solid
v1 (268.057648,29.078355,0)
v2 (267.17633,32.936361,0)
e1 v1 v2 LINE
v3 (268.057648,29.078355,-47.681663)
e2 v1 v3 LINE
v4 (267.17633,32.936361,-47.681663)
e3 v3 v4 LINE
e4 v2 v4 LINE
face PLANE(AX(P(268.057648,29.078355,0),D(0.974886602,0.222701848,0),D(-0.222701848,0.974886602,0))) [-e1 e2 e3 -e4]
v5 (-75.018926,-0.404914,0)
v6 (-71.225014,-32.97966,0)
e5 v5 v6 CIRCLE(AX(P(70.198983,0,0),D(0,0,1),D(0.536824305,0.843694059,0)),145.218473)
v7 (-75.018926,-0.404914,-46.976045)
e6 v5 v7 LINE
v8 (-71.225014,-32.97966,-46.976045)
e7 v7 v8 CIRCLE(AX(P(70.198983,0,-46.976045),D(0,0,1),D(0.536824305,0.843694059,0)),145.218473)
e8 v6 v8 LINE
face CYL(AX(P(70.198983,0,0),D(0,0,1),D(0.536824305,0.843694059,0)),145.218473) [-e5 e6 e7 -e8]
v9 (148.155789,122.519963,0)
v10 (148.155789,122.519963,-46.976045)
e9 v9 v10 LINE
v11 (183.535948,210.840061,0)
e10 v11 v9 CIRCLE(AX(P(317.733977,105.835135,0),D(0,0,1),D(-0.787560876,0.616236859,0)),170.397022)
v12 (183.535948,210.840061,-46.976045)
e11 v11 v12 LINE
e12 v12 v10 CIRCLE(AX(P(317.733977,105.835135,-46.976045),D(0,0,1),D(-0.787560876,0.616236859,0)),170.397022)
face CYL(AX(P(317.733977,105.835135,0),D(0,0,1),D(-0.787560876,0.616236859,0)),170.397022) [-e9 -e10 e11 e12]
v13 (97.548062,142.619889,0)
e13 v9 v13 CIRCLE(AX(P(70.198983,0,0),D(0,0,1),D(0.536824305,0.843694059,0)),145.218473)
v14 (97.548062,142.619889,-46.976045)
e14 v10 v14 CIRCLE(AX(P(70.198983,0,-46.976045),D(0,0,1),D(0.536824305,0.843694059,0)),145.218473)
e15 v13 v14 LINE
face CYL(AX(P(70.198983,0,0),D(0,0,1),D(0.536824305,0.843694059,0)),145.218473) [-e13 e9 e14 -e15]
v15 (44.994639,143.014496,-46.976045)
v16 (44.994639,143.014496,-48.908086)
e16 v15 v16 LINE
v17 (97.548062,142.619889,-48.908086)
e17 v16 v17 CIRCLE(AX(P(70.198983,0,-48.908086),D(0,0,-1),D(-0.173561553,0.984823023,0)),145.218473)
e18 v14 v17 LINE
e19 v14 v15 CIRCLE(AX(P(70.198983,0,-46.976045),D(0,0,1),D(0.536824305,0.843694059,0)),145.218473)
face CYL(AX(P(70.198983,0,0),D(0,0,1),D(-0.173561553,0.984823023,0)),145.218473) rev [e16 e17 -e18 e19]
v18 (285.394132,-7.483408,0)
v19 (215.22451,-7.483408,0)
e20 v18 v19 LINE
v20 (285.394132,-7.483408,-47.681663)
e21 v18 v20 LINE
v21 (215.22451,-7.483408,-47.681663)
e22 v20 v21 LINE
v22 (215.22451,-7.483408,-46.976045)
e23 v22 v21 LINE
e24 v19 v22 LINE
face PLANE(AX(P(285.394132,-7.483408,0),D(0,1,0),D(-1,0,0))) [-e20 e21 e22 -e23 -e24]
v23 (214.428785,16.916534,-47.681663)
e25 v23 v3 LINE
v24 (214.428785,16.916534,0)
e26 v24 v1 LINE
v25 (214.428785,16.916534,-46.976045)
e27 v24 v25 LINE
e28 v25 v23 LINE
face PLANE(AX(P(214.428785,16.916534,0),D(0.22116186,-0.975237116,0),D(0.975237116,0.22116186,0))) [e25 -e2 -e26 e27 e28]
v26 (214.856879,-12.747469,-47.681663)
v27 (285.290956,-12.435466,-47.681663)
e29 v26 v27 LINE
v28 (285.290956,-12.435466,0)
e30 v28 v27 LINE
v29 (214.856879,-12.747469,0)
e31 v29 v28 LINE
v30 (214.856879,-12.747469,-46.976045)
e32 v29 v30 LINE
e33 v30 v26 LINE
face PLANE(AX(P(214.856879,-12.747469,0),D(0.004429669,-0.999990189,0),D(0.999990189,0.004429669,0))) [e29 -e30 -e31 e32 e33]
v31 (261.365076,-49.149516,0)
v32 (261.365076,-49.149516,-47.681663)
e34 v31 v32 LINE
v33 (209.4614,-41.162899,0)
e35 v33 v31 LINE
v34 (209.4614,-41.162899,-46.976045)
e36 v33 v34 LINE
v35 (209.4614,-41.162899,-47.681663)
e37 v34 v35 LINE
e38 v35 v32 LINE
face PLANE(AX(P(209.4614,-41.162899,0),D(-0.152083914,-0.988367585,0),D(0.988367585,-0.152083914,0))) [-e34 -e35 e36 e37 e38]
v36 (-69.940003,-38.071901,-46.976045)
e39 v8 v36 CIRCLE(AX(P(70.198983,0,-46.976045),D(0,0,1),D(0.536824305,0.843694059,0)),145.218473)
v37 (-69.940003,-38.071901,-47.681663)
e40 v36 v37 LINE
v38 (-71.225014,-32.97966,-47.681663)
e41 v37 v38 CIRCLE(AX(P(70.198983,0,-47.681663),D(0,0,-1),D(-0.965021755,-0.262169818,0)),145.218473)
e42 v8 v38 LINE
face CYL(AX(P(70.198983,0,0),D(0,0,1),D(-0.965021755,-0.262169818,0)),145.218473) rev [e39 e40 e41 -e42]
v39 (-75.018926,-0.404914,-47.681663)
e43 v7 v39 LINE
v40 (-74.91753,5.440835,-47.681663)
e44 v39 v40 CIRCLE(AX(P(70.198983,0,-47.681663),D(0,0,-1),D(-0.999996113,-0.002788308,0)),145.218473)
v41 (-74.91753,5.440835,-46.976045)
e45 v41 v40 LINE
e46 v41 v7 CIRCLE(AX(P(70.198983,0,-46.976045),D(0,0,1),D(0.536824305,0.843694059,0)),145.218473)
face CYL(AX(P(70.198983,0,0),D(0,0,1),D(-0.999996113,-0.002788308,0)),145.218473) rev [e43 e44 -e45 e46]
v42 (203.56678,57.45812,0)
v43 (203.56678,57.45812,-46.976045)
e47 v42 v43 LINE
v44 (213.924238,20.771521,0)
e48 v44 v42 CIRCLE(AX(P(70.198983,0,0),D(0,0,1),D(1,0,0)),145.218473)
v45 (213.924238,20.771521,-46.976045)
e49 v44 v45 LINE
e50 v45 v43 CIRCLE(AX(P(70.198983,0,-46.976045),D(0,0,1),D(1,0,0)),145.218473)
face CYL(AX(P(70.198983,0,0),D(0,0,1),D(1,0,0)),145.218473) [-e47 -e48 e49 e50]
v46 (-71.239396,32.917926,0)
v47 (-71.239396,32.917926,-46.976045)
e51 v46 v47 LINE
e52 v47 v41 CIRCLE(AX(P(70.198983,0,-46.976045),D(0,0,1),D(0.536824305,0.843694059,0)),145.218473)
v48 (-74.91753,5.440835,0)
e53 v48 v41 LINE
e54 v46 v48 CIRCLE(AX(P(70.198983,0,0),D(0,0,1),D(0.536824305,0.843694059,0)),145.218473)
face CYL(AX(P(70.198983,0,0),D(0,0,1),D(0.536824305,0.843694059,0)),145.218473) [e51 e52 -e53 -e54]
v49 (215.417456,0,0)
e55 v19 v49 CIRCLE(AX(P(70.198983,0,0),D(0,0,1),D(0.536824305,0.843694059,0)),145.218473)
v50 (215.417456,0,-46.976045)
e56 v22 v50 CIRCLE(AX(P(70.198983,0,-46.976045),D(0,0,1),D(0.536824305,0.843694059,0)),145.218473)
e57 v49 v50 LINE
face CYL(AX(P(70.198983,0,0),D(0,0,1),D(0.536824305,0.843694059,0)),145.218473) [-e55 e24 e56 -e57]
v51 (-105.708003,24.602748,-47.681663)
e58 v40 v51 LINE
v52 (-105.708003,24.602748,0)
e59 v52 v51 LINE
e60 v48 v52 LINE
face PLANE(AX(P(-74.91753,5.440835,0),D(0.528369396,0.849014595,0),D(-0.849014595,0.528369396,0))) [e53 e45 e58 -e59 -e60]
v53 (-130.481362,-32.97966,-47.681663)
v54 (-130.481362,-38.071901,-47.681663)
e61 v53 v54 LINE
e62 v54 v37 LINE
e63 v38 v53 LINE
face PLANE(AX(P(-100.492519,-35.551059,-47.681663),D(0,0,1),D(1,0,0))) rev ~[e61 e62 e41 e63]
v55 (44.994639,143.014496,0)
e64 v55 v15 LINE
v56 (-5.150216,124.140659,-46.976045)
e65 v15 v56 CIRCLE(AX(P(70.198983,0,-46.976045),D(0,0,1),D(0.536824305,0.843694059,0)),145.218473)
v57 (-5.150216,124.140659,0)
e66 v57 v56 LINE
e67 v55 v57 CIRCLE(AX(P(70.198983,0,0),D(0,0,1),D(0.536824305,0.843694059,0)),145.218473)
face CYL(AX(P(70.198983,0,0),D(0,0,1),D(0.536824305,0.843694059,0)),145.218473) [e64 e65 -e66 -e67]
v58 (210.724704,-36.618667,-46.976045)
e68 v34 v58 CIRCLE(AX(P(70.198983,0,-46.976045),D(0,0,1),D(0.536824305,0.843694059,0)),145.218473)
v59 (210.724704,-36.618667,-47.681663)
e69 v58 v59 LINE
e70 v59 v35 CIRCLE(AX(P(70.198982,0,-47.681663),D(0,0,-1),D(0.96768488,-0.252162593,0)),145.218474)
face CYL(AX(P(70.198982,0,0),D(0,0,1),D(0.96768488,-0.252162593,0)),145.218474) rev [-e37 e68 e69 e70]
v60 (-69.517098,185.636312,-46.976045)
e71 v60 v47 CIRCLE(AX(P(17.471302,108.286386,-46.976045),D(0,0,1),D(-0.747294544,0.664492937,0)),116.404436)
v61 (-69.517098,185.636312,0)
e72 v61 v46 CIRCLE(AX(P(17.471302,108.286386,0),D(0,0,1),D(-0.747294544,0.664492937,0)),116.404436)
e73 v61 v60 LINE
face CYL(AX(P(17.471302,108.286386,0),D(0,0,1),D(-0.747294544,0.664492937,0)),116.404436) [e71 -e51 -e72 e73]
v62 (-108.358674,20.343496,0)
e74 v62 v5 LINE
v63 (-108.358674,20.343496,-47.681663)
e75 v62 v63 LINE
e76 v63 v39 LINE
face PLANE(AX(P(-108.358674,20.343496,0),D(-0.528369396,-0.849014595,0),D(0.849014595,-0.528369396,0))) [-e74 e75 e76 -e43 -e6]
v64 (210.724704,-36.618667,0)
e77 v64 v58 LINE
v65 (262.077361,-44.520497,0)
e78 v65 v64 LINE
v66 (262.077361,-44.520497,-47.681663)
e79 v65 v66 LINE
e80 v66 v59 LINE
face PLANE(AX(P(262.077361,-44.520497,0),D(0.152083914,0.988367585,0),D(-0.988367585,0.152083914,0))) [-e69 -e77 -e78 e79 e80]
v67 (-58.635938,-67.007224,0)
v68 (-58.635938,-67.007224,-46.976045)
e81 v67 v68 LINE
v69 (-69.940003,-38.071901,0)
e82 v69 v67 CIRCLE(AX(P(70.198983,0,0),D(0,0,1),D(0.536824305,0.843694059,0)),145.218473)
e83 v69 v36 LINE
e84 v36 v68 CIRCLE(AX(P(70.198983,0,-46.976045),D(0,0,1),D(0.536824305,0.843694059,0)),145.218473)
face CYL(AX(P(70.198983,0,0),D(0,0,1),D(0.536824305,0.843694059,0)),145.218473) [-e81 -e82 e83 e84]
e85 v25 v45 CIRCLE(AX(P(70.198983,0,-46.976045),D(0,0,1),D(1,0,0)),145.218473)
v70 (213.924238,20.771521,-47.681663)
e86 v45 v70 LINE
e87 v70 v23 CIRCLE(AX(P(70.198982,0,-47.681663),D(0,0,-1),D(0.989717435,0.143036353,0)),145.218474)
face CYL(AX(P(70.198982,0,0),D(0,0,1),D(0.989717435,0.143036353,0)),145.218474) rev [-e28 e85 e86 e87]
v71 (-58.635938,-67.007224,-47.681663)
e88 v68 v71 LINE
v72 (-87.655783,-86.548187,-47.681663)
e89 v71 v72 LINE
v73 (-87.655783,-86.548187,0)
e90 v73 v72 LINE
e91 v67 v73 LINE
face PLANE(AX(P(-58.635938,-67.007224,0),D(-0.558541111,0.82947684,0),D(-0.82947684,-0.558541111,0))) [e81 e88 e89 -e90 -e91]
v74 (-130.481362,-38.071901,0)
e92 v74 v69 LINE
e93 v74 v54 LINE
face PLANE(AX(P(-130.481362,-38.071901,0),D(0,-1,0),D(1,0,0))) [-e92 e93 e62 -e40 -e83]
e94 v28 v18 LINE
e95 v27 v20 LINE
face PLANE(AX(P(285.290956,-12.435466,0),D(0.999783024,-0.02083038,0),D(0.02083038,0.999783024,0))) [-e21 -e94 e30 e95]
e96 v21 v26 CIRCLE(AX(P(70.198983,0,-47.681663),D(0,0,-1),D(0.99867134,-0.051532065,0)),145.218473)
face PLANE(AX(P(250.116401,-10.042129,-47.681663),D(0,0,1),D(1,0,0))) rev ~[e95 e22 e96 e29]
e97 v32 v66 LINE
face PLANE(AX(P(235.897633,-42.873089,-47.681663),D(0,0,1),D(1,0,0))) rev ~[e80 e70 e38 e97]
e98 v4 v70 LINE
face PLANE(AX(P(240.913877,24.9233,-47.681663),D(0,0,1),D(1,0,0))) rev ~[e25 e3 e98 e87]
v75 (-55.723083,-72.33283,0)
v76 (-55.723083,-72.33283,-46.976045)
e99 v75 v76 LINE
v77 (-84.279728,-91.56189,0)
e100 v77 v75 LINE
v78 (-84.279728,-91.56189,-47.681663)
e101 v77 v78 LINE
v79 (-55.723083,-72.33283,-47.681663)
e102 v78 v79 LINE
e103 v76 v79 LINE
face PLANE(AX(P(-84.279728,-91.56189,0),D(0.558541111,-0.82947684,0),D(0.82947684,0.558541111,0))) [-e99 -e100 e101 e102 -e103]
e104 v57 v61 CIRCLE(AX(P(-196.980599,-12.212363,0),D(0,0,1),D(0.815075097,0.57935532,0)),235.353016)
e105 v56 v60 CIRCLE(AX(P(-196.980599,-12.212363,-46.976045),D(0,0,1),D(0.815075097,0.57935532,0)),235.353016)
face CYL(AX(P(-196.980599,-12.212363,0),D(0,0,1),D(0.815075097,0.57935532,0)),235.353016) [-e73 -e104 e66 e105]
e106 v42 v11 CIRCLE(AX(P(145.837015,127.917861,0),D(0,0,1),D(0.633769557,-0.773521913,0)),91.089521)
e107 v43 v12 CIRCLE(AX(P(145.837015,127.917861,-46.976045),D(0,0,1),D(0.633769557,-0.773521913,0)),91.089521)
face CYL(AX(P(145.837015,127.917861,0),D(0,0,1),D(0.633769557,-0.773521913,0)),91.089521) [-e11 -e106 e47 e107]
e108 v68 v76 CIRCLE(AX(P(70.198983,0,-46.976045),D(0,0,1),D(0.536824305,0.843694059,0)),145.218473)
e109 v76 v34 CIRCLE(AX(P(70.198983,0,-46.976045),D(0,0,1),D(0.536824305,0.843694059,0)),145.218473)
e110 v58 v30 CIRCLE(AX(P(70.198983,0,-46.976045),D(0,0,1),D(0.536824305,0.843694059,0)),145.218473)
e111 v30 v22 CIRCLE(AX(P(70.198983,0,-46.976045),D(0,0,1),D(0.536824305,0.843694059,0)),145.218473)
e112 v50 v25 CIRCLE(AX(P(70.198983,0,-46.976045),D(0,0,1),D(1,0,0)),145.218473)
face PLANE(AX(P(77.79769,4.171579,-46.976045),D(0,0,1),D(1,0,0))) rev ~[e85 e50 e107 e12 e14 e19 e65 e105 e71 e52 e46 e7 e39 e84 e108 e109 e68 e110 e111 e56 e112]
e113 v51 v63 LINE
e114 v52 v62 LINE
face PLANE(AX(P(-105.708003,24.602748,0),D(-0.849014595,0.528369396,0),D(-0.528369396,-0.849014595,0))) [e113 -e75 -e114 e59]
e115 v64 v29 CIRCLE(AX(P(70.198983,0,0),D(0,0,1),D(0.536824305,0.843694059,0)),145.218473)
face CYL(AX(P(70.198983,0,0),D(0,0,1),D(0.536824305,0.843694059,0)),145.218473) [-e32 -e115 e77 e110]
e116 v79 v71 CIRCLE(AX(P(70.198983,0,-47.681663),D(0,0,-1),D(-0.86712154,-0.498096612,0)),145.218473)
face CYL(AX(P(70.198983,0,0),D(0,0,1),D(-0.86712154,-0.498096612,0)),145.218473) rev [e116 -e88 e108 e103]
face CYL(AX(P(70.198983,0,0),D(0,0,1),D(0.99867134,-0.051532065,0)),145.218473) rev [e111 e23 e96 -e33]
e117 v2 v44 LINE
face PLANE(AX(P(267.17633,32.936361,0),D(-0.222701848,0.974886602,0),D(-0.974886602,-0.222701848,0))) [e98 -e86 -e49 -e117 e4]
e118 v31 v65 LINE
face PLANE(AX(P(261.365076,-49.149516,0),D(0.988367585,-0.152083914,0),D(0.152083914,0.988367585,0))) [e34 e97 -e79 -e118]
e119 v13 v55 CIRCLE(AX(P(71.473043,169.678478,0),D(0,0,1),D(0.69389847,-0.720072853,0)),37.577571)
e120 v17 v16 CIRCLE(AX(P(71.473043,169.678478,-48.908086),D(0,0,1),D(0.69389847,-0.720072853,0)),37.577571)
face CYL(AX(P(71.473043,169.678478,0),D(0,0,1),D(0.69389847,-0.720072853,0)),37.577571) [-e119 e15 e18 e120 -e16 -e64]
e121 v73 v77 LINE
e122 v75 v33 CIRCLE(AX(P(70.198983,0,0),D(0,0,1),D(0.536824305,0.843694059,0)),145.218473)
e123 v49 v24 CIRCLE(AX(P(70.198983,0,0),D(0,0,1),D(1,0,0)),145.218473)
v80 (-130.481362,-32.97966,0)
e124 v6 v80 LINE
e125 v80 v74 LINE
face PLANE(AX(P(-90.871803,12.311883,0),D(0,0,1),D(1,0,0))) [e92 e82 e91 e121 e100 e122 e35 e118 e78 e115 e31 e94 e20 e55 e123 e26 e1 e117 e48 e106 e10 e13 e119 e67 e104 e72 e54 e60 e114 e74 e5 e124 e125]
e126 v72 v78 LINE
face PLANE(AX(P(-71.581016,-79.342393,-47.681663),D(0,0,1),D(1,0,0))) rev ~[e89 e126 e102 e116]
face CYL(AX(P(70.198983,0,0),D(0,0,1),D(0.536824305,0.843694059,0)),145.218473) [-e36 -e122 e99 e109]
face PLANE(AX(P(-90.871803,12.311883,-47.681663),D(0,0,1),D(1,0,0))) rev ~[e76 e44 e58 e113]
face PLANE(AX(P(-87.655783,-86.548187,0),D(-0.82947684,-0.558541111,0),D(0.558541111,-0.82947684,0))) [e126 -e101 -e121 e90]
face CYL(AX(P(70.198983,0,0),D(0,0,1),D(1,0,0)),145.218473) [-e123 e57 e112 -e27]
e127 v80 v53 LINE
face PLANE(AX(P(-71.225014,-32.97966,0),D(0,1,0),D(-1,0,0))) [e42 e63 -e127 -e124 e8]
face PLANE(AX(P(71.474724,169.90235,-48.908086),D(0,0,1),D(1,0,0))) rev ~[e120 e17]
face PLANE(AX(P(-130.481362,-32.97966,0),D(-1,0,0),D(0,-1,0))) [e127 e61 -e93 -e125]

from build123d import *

# Parameters (mm, degrees)
F1_DEPTH = 46.9760447741
F3_DEPTH = 48.9080855623
F6_DEPTH = 47.6816631854


with BuildPart() as f1:
    # F0 (on Top) → F1 (new body)
    with BuildSketch(Plane.XY):
        with BuildLine():
            ThreePointArc((-71.2393962349, 32.9179256613), (53.631854808, -144.2703545516), (215.4174560814, 0))
            ThreePointArc((215.4174560814, 0), (212.4239330052, 29.333743716), (203.5667803118, 57.4581200997))
            ThreePointArc((203.5667803118, 57.4581200997), (180.7556781079, 94.1574324953), (148.1557889137, 122.5199630346))
            ThreePointArc((148.1557889137, 122.5199630346), (71.7340942101, 145.2103590343), (-5.1502163644, 124.140658527))
            ThreePointArc((-5.1502163644, 124.140658527), (-47.4003805504, 85.1985600864), (-71.2393962349, 32.9179256613))
        make_face()
        with BuildLine():
            ThreePointArc((148.1557889137, 122.5199630346), (180.7556781079, 94.1574324953), (203.5667803118, 57.4581200997))
            ThreePointArc((203.5667803118, 57.4581200997), (236.1595707678, 139.7134864477), (183.5359483957, 210.840061307))
            ThreePointArc((183.5359483957, 210.840061307), (159.5565215905, 169.199462517), (148.1557889137, 122.5199630346))
        make_face()
        with BuildLine():
            ThreePointArc((-69.5170983672, 185.6363117695), (-98.925732723, 109.5990660233), (-71.2393962349, 32.9179256613))
            ThreePointArc((-71.2393962349, 32.9179256613), (-47.4003805504, 85.1985600864), (-5.1502163644, 124.140658527))
            ThreePointArc((-5.1502163644, 124.140658527), (-34.3996197413, 157.9595128325), (-69.5170983672, 185.6363117695))
        make_face()
    extrude(amount=-F1_DEPTH)

    # F2 (on face) → F3 (join)
    with BuildSketch(Plane.XY):
        with BuildLine():
            ThreePointArc((44.9946392241, 143.0144957499), (71.2893502257, 145.2143795795), (97.5480618405, 142.6198892915))
            ThreePointArc((97.5480618405, 142.6198892915), (71.7551928662, 207.2549889957), (44.9946392241, 143.0144957499))
        make_face()
    extrude(amount=-F3_DEPTH)

    # F5 (on face) → F6 (join)
    with BuildSketch(Plane.XY):
        with BuildLine():
            ThreePointArc((-75.0189256599, -0.404913858), (-74.9976500667, 2.5184711417), (-74.917529707, 5.4408354645))
            Line((-74.917529707, 5.4408354645), (-105.7080030441, 24.6027484536))
            Line((-105.7080030441, 24.6027484536), (-108.3586743244, 20.3434960801))
            Line((-108.3586743244, 20.3434960801), (-75.0189256599, -0.404913858))
        make_face()
        with BuildLine():
            ThreePointArc((-69.9400027769, -38.0719006061), (-70.6055307061, -35.5315897531), (-71.2250142357, -32.9796597362))
            Line((-71.2250142357, -32.9796597362), (-130.4813623428, -32.9796597362))
            Line((-130.4813623428, -32.9796597362), (-130.4813623428, -38.0719006062))
            Line((-130.4813623428, -38.0719006062), (-69.9400027769, -38.0719006062))
        make_face()
        with BuildLine():
            ThreePointArc((-55.7230830607, -72.3328295314), (-57.207340031, -69.6852480865), (-58.6359381198, -67.0072238594))
            Line((-58.6359381198, -67.0072238594), (-87.6557826996, -86.5481868386))
            Line((-87.6557826996, -86.5481868386), (-84.2797279511, -91.561889807))
            Line((-84.2797279511, -91.561889807), (-55.7230830607, -72.3328295314))
        make_face()
        with BuildLine():
            ThreePointArc((215.2245101702, -7.483407855), (215.0646070932, -10.1171082931), (214.8568793088, -12.747468755))
            Line((214.8568793088, -12.747468755), (285.2909564972, -12.4354660511))
            Line((285.2909564972, -12.4354660511), (285.3941321373, -7.483407855))
            Line((285.3941321373, -7.483407855), (215.2245101702, -7.483407855))
        make_face()
        with BuildLine():
            ThreePointArc((210.7247036656, -36.618666769), (210.1115019764, -38.8959118449), (209.4613997229, -41.1628985028))
            Line((209.4613997229, -41.1628985028), (261.3650764015, -49.1495164643))
            Line((261.3650764015, -49.1495164643), (262.0773613453, -44.5204973221))
            Line((262.0773613453, -44.5204973221), (210.7247036656, -36.618666769))
        make_face()
        with BuildLine():
            Line((267.1763300896, 32.936360687), (213.9242377293, 20.7715208216))
            ThreePointArc((213.9242377293, 20.7715208216), (214.1894129137, 18.8457161569), (214.4287850178, 16.9165343406))
            Line((214.4287850178, 16.9165343406), (268.0576479304, 29.0783551911))
            Line((268.0576479304, 29.0783551911), (267.1763300896, 32.936360687))
        make_face()
    extrude(amount=-F6_DEPTH)


solid = f1.part
